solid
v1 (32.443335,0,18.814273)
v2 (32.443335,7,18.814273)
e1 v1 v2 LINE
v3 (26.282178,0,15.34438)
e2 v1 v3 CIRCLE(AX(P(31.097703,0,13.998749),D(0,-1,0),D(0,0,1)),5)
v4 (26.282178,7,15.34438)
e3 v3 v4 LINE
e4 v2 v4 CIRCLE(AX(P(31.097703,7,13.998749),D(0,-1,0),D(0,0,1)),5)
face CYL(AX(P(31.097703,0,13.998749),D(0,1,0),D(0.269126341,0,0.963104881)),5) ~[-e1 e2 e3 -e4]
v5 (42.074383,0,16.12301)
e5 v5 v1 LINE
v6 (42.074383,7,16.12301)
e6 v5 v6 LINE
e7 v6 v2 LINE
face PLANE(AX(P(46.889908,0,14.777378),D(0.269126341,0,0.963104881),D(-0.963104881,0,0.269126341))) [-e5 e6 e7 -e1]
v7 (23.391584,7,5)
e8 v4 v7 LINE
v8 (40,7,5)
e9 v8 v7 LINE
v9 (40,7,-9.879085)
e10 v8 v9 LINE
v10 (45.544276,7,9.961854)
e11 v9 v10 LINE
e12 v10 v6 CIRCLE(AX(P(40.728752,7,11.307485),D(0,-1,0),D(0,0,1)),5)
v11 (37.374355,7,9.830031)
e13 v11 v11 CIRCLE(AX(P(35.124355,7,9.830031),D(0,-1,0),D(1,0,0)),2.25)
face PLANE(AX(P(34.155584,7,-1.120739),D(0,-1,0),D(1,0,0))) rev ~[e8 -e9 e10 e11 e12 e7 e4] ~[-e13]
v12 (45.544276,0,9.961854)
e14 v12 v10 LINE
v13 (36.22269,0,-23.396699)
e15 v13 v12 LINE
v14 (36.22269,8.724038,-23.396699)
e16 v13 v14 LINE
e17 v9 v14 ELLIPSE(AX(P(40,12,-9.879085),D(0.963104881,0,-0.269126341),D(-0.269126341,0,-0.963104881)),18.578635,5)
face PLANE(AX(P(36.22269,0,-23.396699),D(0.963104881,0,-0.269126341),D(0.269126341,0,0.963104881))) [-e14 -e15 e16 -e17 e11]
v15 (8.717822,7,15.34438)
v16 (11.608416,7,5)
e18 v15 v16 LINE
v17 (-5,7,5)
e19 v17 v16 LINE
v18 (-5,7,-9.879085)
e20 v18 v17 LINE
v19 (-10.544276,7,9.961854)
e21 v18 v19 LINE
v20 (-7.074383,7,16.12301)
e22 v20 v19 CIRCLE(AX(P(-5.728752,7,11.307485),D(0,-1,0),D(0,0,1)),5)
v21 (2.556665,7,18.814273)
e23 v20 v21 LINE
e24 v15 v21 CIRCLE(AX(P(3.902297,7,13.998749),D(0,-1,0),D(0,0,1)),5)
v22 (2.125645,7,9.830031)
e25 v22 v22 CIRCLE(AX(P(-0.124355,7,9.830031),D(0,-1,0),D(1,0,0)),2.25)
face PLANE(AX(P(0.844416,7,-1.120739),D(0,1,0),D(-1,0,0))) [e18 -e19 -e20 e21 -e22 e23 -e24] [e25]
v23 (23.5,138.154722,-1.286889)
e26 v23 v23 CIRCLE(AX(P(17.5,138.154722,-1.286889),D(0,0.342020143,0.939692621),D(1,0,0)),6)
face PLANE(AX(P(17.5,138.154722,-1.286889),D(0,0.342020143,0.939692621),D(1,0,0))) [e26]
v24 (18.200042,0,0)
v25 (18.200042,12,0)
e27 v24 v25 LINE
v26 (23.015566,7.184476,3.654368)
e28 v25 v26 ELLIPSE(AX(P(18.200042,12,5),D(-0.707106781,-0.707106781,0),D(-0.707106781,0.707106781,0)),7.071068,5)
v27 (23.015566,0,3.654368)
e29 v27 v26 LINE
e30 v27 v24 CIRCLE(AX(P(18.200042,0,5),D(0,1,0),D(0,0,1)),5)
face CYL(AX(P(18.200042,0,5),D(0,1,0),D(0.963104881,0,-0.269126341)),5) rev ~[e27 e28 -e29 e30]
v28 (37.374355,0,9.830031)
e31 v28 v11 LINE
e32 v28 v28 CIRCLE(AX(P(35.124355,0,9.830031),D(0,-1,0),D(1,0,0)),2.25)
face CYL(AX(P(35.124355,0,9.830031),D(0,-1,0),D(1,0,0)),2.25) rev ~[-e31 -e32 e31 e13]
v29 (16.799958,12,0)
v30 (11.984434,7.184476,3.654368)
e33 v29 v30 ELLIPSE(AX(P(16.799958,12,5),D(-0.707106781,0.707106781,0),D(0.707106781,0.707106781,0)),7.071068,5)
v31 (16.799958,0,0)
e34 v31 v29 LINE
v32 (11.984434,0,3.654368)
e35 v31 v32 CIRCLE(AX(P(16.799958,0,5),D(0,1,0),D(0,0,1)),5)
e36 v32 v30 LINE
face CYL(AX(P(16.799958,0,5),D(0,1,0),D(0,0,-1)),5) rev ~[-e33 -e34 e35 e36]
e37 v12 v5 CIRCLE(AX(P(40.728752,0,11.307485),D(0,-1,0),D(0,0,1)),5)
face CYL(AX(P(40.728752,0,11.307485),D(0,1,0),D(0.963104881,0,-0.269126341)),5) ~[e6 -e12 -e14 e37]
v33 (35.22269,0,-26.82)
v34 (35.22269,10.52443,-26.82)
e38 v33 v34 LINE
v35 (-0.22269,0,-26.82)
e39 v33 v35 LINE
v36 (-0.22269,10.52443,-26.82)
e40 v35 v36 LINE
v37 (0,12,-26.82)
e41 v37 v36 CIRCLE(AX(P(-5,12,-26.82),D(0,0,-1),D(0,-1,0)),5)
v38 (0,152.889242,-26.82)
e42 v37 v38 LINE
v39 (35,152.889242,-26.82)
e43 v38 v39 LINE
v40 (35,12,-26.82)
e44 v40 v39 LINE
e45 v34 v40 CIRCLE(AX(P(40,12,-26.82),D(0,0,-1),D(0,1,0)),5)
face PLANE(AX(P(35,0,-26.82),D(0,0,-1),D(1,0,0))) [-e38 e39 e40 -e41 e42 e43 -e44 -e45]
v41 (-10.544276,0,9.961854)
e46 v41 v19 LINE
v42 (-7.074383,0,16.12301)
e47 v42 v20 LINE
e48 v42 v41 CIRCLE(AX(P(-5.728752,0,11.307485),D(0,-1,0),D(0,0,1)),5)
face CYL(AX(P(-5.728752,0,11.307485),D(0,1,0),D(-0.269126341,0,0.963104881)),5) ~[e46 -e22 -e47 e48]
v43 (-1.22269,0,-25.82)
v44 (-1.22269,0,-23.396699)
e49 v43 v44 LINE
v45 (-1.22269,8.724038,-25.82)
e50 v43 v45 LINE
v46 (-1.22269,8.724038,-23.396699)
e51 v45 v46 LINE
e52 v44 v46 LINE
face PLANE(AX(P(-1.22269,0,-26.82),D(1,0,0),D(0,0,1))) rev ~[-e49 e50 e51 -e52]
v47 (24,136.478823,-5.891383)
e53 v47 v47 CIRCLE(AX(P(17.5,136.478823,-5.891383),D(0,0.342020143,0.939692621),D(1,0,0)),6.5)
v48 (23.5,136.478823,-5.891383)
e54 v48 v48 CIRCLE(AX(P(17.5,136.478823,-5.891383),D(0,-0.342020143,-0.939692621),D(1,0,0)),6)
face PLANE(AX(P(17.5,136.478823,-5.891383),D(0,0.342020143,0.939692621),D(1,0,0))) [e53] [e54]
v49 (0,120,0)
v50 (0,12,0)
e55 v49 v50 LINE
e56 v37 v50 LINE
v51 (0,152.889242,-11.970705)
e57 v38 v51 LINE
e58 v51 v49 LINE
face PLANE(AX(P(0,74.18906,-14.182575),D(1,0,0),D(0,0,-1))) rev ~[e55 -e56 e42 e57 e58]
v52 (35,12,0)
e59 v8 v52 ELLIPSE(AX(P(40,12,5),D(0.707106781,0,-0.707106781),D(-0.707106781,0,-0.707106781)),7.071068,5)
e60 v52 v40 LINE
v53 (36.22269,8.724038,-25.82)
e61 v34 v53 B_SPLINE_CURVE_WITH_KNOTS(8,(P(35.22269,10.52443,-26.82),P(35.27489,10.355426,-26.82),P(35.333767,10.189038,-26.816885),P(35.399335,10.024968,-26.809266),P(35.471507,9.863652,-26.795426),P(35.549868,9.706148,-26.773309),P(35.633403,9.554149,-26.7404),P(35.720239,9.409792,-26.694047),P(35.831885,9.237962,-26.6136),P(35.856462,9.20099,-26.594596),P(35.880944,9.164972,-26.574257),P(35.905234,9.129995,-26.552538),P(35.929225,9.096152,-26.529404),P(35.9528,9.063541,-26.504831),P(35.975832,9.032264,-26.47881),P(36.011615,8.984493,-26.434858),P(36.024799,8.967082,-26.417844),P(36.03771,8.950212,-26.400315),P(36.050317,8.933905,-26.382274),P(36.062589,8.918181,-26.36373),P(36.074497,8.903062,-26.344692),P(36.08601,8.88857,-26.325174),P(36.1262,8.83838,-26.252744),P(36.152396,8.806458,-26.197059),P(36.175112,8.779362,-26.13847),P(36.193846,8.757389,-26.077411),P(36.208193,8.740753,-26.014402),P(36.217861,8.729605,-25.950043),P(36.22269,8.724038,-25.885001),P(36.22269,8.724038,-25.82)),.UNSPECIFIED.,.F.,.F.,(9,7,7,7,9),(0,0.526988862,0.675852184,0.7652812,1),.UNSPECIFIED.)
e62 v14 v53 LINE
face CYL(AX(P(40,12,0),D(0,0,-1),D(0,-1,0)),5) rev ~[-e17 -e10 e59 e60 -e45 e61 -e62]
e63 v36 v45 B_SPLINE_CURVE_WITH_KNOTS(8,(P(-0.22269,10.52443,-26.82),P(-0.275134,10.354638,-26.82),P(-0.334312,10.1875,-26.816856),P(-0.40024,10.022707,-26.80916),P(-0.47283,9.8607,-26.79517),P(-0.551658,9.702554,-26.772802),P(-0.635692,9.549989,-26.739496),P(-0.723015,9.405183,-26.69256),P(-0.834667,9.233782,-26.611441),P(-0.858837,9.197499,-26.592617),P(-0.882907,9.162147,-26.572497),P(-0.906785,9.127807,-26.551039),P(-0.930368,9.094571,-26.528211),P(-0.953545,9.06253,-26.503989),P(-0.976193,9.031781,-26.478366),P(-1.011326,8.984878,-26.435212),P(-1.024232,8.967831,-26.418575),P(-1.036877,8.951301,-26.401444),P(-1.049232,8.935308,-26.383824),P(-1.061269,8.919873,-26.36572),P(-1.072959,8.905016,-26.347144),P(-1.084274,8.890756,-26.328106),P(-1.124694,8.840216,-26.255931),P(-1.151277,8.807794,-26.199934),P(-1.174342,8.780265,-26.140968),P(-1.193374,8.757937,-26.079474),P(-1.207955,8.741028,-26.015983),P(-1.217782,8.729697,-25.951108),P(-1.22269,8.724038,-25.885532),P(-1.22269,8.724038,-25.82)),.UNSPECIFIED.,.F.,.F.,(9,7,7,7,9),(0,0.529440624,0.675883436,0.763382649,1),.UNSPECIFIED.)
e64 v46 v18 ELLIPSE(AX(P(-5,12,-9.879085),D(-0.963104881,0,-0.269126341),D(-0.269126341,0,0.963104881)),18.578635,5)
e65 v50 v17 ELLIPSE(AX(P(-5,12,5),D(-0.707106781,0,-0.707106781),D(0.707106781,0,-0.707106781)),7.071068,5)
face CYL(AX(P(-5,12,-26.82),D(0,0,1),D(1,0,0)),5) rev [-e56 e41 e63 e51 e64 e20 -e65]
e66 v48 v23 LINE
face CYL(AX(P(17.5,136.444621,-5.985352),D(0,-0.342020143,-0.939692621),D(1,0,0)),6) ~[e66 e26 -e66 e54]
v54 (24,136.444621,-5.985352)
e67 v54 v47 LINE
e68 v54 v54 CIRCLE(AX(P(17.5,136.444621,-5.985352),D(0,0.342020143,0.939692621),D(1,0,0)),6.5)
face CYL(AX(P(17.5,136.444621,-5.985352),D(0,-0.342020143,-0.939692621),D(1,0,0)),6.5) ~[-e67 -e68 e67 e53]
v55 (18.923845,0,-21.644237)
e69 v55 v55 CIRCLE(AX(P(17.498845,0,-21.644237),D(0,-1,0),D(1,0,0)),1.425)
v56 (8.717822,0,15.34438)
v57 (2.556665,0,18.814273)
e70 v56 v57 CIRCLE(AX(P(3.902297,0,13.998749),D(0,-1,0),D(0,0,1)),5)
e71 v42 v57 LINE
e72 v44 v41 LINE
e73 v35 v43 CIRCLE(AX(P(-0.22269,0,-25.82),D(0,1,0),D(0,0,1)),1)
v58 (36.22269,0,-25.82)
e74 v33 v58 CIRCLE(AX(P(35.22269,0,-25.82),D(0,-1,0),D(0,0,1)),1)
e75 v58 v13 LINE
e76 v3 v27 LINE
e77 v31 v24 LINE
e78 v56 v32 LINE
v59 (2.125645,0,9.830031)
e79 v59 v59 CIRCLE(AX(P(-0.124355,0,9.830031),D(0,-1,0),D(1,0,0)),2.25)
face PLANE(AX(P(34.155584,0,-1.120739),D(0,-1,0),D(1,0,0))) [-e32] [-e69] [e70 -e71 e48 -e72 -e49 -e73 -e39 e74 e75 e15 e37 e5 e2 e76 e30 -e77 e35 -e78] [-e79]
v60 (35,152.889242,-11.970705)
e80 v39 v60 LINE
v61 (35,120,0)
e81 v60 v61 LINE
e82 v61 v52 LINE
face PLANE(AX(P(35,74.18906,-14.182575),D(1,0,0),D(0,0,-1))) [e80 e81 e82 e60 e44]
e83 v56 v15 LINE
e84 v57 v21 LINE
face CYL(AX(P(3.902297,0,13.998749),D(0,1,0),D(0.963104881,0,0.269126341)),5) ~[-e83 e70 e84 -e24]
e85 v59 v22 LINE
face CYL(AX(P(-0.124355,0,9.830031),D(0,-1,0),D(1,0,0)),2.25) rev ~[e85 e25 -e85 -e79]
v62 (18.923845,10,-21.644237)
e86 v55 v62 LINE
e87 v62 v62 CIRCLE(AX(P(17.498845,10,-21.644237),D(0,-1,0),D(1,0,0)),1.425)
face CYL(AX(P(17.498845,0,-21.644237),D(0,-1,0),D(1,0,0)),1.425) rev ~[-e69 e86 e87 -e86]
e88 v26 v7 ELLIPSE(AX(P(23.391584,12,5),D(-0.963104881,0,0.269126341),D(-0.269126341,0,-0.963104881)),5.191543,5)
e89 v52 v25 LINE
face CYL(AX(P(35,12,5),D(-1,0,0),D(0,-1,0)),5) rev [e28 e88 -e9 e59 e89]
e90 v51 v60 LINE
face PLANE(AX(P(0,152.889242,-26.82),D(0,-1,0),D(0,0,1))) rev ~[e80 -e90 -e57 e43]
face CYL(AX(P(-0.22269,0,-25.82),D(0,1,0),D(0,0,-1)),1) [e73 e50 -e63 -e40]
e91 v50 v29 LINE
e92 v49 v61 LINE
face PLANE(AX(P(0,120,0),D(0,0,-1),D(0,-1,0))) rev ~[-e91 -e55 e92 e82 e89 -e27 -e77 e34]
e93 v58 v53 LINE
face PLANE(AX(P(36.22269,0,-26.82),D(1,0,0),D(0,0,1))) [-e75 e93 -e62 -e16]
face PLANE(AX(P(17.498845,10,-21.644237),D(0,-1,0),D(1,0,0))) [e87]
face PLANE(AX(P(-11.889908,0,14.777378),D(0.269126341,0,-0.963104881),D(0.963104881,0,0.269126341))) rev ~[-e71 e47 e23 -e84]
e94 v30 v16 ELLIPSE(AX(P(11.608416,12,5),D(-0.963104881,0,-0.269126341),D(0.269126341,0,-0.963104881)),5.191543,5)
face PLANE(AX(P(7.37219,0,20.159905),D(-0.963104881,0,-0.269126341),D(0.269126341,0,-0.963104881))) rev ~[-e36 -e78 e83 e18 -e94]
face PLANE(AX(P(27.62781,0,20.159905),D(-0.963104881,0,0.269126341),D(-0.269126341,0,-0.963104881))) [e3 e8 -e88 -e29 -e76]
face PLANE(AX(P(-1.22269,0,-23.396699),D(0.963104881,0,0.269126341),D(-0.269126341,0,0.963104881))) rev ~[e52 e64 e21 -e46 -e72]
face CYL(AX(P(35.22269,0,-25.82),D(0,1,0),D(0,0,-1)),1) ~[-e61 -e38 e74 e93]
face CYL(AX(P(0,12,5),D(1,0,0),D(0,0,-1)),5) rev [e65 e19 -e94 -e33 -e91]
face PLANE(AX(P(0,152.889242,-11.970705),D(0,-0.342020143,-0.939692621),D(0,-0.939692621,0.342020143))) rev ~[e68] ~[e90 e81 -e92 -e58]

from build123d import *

# Parameters (mm, degrees)
AUFSATZ_LINEAR_AUSTRAGEN1_DEPTH = 35
SKIZZE3_R                       = 6
AUFSATZ_LINEAR_AUSTRAGEN2_DEPTH = 5
SKIZZE4_R                       = 6.5
AUFSATZ_LINEAR_AUSTRAGEN3_DEPTH = 0.1
SKIZZE9_R                       = 1.425
SCHNITT_LINEAR_AUSTRAGEN2_DEPTH = 10
SKIZZE10_R                      = 2.25
AUFSATZ_LINEAR_AUSTRAGEN4_DEPTH = 7
VERRUNDUNG1_R                   = 5
VERRUNDUNG2_R                   = 1


with BuildPart() as part:
    # Skizze1 → Aufsatz-Linear austragen1 (new body)
    with BuildSketch(Plane(origin=(0, 0, 0), x_dir=(0, 0, -1), z_dir=(1, 0, 0))):
        Polygon((0, 0), (11.970705016, 0), (26.82, 0), (26.82, 152.889241728), (11.970705016, 152.889241728), (0, 120), align=None)
    extrude(amount=AUFSATZ_LINEAR_AUSTRAGEN1_DEPTH)

    # Skizze3 → Aufsatz-Linear austragen2 (add)
    with BuildSketch(Plane(origin=(0, 14.037333413, 38.567256581), x_dir=(1, 0, 0), z_dir=(0, 0.342020143, 0.939692621))):
        with Locations((17.5, 130.263114494)):
            Circle(SKIZZE3_R)
    extrude(amount=AUFSATZ_LINEAR_AUSTRAGEN2_DEPTH)

    # Skizze4 → Aufsatz-Linear austragen3 (add)
    with BuildSketch(Plane(origin=(0, 14.037333413, 38.567256581), x_dir=(1, 0, 0), z_dir=(0, 0.342020143, 0.939692621))):
        with Locations((17.5, 130.263114494)):
            Circle(SKIZZE4_R)
    extrude(amount=AUFSATZ_LINEAR_AUSTRAGEN3_DEPTH)

    # Skizze9 → Schnitt-Linear austragen2 (cut)
    with BuildSketch(Plane.XZ):
        with Locations((17.498844944, -21.644236877)):
            Circle(SKIZZE9_R)
    extrude(amount=-SCHNITT_LINEAR_AUSTRAGEN2_DEPTH, mode=Mode.SUBTRACT)

    # Skizze10 → Aufsatz-Linear austragen4 (add)
    with BuildSketch(Plane.XZ):
        Polygon((35, -26.82), (36.222689888, -26.82), (36.222689888, -23.396698607), (46.889907729, 14.777378017), (27.627810102, 20.159904842), (21.994403466, 0), align=None)
        with Locations((35.124354886, 9.830031101)):
            Circle(SKIZZE10_R, mode=Mode.SUBTRACT)
        Polygon((-1.222689888, -26.82), (-1.222689888, -23.396698607), (-11.889907729, 14.777378017), (7.372189898, 20.159904842), (13.005596534, 0), (0, -26.82), align=None)
        with Locations((-0.124354886, 9.830031101)):
            Circle(SKIZZE10_R, mode=Mode.SUBTRACT)
    extrude(amount=-AUFSATZ_LINEAR_AUSTRAGEN4_DEPTH)

    # Verrundung1
    verrundung1_edges = [part.edges().sort_by_distance(p)[0] for p in [
        (6.502798267, 7, 0),
        (28.497201733, 7, 0),
        (35, 7, -13.41),
        (0, 7, -13.41),
        (-11.889907729, 3.5, 14.777378017),
        (7.372189898, 3.5, 20.159904842),
        (46.889907729, 3.5, 14.777378017),
        (27.627810102, 3.5, 20.159904842),
        (21.994403466, 3.5, 0),
        (13.005596534, 3.5, 0),
    ]]
    fillet(verrundung1_edges, radius=VERRUNDUNG1_R)

    # Verrundung2
    verrundung2_edges = [part.edges().sort_by_distance(p)[0] for p in [
        (36.222689888, 4.362018901, -26.82),
        (-1.222689888, 4.362018901, -26.82),
    ]]
    fillet(verrundung2_edges, radius=VERRUNDUNG2_R)


solid = part.part
